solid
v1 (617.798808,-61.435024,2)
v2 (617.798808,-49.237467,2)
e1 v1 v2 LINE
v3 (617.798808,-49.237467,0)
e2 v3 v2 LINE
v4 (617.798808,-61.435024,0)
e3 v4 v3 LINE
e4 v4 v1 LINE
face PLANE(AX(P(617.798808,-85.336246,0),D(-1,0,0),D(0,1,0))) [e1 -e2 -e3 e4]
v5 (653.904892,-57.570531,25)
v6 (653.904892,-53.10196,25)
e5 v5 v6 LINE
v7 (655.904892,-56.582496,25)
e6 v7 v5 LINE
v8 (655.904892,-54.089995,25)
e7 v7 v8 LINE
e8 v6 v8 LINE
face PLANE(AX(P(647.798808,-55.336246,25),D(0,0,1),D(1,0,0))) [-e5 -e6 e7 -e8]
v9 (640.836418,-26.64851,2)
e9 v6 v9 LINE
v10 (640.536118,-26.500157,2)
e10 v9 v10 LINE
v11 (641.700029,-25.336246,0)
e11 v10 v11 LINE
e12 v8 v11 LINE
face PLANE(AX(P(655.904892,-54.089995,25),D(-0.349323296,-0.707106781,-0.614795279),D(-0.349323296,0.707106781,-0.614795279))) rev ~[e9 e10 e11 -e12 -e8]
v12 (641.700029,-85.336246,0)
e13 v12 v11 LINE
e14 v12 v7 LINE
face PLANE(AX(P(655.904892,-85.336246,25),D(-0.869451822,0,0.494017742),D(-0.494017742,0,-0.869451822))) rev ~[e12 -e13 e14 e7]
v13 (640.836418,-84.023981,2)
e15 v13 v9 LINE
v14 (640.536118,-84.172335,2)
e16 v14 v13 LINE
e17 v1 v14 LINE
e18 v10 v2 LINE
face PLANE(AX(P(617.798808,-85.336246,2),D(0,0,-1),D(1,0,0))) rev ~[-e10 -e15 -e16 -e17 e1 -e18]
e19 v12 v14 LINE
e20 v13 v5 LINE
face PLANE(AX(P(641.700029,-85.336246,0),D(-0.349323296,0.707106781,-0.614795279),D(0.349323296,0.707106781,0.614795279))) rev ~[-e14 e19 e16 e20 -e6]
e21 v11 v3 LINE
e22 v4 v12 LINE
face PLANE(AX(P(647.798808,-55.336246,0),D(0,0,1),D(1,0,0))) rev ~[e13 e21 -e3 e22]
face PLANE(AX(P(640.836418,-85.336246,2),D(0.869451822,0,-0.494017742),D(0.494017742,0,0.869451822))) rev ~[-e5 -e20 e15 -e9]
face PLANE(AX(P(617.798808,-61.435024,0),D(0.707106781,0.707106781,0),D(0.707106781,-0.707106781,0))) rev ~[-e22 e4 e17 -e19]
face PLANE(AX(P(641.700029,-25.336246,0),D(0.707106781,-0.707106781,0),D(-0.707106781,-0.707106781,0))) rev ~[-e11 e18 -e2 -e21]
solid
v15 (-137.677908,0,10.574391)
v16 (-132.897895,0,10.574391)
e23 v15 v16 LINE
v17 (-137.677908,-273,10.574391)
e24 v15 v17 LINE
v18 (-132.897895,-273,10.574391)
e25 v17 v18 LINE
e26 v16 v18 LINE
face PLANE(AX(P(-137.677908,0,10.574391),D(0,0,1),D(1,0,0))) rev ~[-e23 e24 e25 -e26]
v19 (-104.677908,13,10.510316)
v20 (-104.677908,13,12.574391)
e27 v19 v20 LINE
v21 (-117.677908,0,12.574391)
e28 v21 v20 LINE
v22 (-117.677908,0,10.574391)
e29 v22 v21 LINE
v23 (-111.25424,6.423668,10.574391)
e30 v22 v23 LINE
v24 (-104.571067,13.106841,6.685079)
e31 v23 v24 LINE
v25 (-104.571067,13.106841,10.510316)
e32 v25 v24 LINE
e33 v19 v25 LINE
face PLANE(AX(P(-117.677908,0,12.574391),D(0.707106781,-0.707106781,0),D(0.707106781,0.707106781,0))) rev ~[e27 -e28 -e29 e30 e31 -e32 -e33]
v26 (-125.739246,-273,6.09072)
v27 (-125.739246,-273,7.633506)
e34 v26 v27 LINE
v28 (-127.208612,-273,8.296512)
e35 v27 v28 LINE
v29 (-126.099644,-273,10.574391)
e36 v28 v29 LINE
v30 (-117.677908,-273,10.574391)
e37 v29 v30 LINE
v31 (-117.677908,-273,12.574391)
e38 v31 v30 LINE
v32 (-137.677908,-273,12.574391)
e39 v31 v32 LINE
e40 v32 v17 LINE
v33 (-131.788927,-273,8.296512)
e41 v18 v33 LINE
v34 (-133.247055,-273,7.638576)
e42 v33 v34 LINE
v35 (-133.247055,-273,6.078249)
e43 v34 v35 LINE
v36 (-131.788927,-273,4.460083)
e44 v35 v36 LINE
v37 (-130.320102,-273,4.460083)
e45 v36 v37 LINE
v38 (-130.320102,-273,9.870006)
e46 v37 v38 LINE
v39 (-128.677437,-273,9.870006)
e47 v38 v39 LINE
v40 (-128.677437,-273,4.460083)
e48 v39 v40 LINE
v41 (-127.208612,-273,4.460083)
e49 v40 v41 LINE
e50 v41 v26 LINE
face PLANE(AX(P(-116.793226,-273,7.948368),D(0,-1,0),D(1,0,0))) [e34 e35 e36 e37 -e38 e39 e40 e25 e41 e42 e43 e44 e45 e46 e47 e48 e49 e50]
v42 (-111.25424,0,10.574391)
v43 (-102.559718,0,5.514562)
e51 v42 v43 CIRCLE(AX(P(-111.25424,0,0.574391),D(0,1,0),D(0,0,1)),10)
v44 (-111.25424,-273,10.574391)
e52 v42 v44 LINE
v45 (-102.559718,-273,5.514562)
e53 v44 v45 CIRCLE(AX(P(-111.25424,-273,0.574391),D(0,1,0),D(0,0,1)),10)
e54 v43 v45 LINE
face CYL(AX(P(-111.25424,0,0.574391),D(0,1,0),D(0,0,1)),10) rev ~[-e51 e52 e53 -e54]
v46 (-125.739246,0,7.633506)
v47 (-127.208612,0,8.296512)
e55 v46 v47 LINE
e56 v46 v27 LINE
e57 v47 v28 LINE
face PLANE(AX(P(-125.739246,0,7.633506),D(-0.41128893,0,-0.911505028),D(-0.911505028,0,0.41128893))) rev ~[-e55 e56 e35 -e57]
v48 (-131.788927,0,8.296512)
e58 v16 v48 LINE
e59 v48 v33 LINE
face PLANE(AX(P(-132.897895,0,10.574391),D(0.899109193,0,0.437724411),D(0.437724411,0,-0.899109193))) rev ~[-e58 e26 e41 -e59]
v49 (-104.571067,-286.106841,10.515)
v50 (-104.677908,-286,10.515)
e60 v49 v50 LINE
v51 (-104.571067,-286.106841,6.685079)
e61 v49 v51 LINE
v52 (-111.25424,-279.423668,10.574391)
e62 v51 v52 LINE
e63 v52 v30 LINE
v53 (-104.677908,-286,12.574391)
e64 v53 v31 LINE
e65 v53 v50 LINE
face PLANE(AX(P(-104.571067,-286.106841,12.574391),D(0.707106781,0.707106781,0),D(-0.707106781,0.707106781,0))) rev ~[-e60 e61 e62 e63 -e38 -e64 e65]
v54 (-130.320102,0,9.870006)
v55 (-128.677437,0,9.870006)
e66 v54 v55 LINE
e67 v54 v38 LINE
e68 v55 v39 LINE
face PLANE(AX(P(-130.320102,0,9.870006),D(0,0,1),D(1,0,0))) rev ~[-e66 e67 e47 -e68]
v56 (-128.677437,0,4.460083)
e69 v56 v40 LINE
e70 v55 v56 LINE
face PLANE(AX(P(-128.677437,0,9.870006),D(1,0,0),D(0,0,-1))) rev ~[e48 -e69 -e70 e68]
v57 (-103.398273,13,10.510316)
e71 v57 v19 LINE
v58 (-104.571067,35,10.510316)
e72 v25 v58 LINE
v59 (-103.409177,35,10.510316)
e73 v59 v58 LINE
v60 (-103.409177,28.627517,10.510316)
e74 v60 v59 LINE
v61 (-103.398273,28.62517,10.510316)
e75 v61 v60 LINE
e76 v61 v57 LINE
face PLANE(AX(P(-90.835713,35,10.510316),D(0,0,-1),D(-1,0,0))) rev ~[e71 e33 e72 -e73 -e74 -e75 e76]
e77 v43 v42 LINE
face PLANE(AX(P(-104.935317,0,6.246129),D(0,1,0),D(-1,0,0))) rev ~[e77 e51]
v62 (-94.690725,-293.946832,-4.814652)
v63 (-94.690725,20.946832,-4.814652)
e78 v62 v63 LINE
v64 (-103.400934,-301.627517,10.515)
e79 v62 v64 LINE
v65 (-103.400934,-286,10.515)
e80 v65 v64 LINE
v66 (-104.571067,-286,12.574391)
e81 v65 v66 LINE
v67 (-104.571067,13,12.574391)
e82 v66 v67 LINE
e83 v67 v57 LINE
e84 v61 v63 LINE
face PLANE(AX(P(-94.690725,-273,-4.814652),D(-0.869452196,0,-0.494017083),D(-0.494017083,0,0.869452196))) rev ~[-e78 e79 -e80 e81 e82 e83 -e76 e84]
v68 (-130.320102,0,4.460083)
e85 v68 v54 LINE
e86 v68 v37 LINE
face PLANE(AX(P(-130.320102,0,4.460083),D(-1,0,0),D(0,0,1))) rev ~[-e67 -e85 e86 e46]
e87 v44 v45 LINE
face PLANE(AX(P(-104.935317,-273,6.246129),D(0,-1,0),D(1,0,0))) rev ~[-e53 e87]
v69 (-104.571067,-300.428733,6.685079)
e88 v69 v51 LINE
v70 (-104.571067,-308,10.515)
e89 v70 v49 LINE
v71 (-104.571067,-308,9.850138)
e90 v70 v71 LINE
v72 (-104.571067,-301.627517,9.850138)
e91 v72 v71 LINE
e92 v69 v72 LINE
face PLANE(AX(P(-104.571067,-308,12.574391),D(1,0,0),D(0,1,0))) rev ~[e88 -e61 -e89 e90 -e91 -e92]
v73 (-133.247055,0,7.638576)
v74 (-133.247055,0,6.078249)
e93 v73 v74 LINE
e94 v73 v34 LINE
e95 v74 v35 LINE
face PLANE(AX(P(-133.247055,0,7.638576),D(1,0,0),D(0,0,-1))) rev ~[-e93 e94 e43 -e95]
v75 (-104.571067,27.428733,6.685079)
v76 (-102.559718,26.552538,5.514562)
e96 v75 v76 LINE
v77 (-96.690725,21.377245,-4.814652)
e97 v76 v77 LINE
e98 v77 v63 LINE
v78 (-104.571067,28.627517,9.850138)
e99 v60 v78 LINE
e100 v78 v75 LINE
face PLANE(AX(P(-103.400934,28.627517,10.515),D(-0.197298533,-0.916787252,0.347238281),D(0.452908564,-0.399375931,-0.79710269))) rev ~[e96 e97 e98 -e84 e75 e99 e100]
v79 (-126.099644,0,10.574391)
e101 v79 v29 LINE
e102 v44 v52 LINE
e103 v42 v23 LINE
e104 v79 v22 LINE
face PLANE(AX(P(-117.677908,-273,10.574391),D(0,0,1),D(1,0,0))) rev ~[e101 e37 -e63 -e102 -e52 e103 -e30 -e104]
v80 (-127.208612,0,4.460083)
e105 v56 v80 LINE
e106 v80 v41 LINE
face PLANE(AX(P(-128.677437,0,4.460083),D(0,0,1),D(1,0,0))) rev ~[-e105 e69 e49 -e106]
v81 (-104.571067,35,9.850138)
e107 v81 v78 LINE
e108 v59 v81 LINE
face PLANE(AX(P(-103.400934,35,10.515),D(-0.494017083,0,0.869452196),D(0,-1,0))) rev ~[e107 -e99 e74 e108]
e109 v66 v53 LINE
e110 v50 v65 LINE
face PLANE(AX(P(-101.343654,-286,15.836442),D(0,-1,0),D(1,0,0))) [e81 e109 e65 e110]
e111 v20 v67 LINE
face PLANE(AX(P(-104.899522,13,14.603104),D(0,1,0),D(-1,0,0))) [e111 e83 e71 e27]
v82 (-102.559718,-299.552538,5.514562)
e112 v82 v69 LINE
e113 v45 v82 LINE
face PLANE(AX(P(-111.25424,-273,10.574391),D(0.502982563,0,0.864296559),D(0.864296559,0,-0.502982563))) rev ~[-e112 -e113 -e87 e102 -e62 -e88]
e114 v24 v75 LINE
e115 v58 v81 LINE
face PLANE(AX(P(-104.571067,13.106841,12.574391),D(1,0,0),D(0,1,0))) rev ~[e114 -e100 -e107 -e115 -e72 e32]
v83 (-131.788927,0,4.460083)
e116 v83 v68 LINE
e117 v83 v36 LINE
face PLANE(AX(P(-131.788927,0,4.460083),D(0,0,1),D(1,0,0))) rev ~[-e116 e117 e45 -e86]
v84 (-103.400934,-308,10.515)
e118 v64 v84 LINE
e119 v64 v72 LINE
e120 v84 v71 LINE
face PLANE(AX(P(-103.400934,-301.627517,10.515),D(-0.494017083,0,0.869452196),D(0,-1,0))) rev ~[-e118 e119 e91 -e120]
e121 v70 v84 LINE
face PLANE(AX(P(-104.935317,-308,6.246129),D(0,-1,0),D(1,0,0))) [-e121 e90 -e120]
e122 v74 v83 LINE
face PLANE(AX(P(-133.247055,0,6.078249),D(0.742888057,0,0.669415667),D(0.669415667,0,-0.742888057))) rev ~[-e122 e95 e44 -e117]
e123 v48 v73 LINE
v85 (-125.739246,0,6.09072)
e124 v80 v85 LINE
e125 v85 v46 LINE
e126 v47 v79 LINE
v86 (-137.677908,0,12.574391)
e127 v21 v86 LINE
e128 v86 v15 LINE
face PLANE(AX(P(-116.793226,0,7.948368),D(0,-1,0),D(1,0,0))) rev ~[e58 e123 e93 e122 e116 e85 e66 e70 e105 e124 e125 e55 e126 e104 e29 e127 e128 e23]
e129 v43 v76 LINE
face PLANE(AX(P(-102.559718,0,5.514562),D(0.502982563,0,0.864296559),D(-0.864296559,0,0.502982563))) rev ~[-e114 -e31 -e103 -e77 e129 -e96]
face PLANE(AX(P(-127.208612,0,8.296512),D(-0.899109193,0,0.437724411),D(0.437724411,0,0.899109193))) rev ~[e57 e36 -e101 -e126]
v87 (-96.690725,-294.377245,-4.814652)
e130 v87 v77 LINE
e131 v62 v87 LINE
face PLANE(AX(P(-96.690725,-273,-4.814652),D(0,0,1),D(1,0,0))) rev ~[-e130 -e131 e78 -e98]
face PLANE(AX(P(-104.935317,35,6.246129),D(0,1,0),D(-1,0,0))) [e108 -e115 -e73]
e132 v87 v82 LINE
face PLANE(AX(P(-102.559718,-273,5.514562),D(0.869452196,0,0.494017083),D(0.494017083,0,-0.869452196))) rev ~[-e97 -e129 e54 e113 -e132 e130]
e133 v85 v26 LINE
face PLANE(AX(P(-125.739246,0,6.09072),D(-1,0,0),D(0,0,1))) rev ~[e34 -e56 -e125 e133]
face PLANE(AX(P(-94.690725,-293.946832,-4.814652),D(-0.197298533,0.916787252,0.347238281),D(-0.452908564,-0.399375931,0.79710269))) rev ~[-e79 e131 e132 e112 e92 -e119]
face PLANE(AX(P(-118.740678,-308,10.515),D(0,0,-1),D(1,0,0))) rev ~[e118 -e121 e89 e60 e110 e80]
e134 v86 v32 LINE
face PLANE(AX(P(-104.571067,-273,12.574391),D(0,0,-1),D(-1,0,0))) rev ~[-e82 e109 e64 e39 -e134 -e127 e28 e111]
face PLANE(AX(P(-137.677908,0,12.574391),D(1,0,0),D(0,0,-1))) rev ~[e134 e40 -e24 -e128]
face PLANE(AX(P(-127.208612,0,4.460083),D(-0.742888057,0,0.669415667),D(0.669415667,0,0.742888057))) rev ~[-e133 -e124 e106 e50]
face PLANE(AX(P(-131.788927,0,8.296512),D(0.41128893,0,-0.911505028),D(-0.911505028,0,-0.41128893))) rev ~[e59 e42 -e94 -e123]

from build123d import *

# Parameters (mm, degrees)
F1_DEPTH  = 273
F2_W      = 60
F2_H      = 60
F3_DEPTH  = 25
F5_DEPTH  = 60
F7_DEPTH  = 25
F9_DEPTH  = 25
F11_DEPTH = 35
F13_DEPTH = 35
F15_DEPTH = 25
F16_W     = 34.7940474749
F16_H     = 10.6428852305
F17_DEPTH = 22
F18_W     = 28.127618134
F18_H     = 8.1855747849
F19_DEPTH = 22
F21_DEPTH = 25


with BuildPart() as f1:
    # F0 (on Front) → F1 (new body)
    with BuildSketch(Plane.XZ):
        with BuildLine():
            Line((-133.2470553492, 7.6385764419), (-133.2470553492, 6.0782490816))
            Line((-133.2470553492, 6.0782490816), (-131.7889272934, 4.4600827154))
            Line((-131.7889272934, 4.4600827154), (-130.3201019764, 4.4600827154))
            Line((-130.3201019764, 4.4600827154), (-130.3201019764, 9.8700057715))
            Line((-130.3201019764, 9.8700057715), (-129.4987696921, 9.8700057715))
            Line((-129.4987696921, 9.8700057715), (-128.6774374079, 9.8700057715))
            Line((-128.6774374079, 9.8700057715), (-128.6774374079, 4.4600827154))
            Line((-128.6774374079, 4.4600827154), (-127.2086120909, 4.4600827154))
            Line((-127.2086120909, 4.4600827154), (-125.7392460887, 6.09072046))
            Line((-125.7392460887, 6.09072046), (-125.7392460887, 7.6335056603))
            Line((-125.7392460887, 7.6335056603), (-127.2086120909, 8.2965123933))
            Line((-127.2086120909, 8.2965123933), (-126.099644159, 10.5743914377))
            Line((-126.099644159, 10.5743914377), (-124.5710669784, 10.5743914377))
            Line((-124.5710669784, 10.5743914377), (-119.5710669784, 10.5743914377))
            Line((-119.5710669784, 10.5743914377), (-111.2542399217, 10.5743914377))
            ThreePointArc((-111.2542399217, 10.5743914377), (-106.2244142949, 9.2173570262), (-102.55971796, 5.5145622705))
            Line((-102.55971796, 5.5145622705), (-96.6907253127, -4.8146524857))
            Line((-96.6907253127, -4.8146524857), (-94.6907253127, -4.8146524857))
            Line((-94.6907253127, -4.8146524857), (-104.5710669784, 12.5743914377))
            Line((-104.5710669784, 12.5743914377), (-124.5710669784, 12.5743914377))
            Line((-124.5710669784, 12.5743914377), (-134.4264724059, 12.5743914377))
            Line((-134.4264724059, 12.5743914377), (-137.6779079437, 12.5743914377))
            Line((-137.6779079437, 12.5743914377), (-137.6779079437, 10.5743914377))
            Line((-137.6779079437, 10.5743914377), (-134.4264724059, 10.5743914377))
            Line((-134.4264724059, 10.5743914377), (-132.8978952253, 10.5743914377))
            Line((-132.8978952253, 10.5743914377), (-131.7889272934, 8.2965123933))
            Line((-131.7889272934, 8.2965123933), (-133.2470553492, 7.6385764419))
        make_face()
    extrude(amount=F1_DEPTH)

    # F10 (on face) → F11 (join)
    with BuildSketch(Plane(origin=(0, 0, 0), x_dir=(-1, 0, 0), z_dir=(0, 1, 0))):
        Polygon((94.6907253127, -4.8146524857), (96.6907253127, -4.8146524857), (102.55971796, 5.5145622705), (111.2542399217, 10.5743914377), (117.6779079437, 10.5743914377), (117.6779079437, 12.5743914377), (104.5710669784, 12.5743914377), align=None)
    extrude(amount=F11_DEPTH)

    # F12 (on face) → F13 (join)
    with BuildSketch(Plane.XZ.offset(273)):
        Polygon((-104.5710669784, 12.5743914377), (-117.6779079437, 12.5743914377), (-117.6779079437, 10.5743914377), (-111.2542399217, 10.5743914377), (-102.55971796, 5.5145622705), (-96.6907253127, -4.8146524857), (-94.6907253127, -4.8146524857), align=None)
    extrude(amount=F13_DEPTH)

    # F14 (on face) → F15 (cut)
    with BuildSketch(Plane.XY.offset(12.5743914377)):
        Polygon((-117.6779079437, 35), (-117.6779079437, 0), (-104.5710669784, 13.1068409653), (-104.5710669784, 35), align=None)
        Polygon((-104.5710669784, -286.1068409653), (-117.6779079437, -273), (-117.6779079437, -308), (-104.5710669784, -308), align=None)
    extrude(amount=-F15_DEPTH, mode=Mode.SUBTRACT)

    # F16 (on face) → F17 (cut)
    with BuildSketch(Plane.XZ.offset(308)):
        with Locations((-101.3436540961, 15.8364423551)):
            Rectangle(F16_W, F16_H)
    extrude(amount=-F17_DEPTH, mode=Mode.SUBTRACT)

    # F18 (on face) → F19 (cut)
    with BuildSketch(Plane(origin=(0, 35, 0), x_dir=(-1, 0, 0), z_dir=(0, 1, 0))):
        with Locations((104.8995219171, 14.603103511)):
            Rectangle(F18_W, F18_H)
    extrude(amount=-F19_DEPTH, mode=Mode.SUBTRACT)

    # F20 (on face) → F21 (cut)
    with BuildSketch(Plane(origin=(-73.6491911658, 0, -41.8469914347), x_dir=(0, 1, 0), z_dir=(0.8694521962, 0, 0.4940170833))):
        Polygon((-293.9468324184, 42.5927257556), (-301.6275167465, 60.2241174446), (-308, 60.2241174446), (-308, 42.5927257556), align=None)
        Polygon((35, 60.2241174446), (28.6275167465, 60.2241174446), (20.9468324184, 42.5927257556), (35, 42.5927257556), align=None)
    extrude(amount=-F21_DEPTH, mode=Mode.SUBTRACT)


with BuildPart() as f3:
    # F2 (on Top) → F3 (new body)
    with BuildSketch(Plane.XY):
        with Locations((647.798807621, -55.3362455964)):
            Rectangle(F2_W, F2_H)
    extrude(amount=F3_DEPTH)

    # F4 (on face) → F5 (cut)
    with BuildSketch(Plane.XZ.offset(85.3362455964)):
        Polygon((655.9048918554, 25), (641.7000293732, 0), (677.798807621, 0), (677.798807621, 25), align=None)
        Polygon((640.8364183717, 2), (653.9048918554, 25), (617.798807621, 25), (617.798807621, 2), align=None)
    extrude(amount=-F5_DEPTH, mode=Mode.SUBTRACT)

    # F6 (on face) → F7 (cut)
    with BuildSketch(Plane(origin=(0, 0, 0), x_dir=(1, 0, 0), z_dir=(0, 0, -1))):
        Polygon((617.798807621, 61.4350238442), (641.7000293732, 85.3362455964), (617.798807621, 85.3362455964), align=None)
        Polygon((617.798807621, 25.3362455964), (641.7000293732, 25.3362455964), (617.798807621, 49.2374673486), align=None)
    extrude(amount=-F7_DEPTH, mode=Mode.SUBTRACT)

    # F8 (on face) → F9 (cut)
    with BuildSketch(Plane(origin=(485.0908720963, 0, -275.6259651805), x_dir=(0, 1, 0), z_dir=(0.8694518216, 0, -0.4940177425))):
        Polygon((-54.0899952326, 345.7649494773), (-25.3362455964, 317.0111998411), (-25.3362455964, 345.7649494773), align=None)
        Polygon((-56.5824959602, 345.7649494773), (-85.3362455964, 345.7649494773), (-85.3362455964, 317.0111998411), align=None)
    extrude(amount=-F9_DEPTH, mode=Mode.SUBTRACT)


solid = Compound([f1.part, f3.part])
